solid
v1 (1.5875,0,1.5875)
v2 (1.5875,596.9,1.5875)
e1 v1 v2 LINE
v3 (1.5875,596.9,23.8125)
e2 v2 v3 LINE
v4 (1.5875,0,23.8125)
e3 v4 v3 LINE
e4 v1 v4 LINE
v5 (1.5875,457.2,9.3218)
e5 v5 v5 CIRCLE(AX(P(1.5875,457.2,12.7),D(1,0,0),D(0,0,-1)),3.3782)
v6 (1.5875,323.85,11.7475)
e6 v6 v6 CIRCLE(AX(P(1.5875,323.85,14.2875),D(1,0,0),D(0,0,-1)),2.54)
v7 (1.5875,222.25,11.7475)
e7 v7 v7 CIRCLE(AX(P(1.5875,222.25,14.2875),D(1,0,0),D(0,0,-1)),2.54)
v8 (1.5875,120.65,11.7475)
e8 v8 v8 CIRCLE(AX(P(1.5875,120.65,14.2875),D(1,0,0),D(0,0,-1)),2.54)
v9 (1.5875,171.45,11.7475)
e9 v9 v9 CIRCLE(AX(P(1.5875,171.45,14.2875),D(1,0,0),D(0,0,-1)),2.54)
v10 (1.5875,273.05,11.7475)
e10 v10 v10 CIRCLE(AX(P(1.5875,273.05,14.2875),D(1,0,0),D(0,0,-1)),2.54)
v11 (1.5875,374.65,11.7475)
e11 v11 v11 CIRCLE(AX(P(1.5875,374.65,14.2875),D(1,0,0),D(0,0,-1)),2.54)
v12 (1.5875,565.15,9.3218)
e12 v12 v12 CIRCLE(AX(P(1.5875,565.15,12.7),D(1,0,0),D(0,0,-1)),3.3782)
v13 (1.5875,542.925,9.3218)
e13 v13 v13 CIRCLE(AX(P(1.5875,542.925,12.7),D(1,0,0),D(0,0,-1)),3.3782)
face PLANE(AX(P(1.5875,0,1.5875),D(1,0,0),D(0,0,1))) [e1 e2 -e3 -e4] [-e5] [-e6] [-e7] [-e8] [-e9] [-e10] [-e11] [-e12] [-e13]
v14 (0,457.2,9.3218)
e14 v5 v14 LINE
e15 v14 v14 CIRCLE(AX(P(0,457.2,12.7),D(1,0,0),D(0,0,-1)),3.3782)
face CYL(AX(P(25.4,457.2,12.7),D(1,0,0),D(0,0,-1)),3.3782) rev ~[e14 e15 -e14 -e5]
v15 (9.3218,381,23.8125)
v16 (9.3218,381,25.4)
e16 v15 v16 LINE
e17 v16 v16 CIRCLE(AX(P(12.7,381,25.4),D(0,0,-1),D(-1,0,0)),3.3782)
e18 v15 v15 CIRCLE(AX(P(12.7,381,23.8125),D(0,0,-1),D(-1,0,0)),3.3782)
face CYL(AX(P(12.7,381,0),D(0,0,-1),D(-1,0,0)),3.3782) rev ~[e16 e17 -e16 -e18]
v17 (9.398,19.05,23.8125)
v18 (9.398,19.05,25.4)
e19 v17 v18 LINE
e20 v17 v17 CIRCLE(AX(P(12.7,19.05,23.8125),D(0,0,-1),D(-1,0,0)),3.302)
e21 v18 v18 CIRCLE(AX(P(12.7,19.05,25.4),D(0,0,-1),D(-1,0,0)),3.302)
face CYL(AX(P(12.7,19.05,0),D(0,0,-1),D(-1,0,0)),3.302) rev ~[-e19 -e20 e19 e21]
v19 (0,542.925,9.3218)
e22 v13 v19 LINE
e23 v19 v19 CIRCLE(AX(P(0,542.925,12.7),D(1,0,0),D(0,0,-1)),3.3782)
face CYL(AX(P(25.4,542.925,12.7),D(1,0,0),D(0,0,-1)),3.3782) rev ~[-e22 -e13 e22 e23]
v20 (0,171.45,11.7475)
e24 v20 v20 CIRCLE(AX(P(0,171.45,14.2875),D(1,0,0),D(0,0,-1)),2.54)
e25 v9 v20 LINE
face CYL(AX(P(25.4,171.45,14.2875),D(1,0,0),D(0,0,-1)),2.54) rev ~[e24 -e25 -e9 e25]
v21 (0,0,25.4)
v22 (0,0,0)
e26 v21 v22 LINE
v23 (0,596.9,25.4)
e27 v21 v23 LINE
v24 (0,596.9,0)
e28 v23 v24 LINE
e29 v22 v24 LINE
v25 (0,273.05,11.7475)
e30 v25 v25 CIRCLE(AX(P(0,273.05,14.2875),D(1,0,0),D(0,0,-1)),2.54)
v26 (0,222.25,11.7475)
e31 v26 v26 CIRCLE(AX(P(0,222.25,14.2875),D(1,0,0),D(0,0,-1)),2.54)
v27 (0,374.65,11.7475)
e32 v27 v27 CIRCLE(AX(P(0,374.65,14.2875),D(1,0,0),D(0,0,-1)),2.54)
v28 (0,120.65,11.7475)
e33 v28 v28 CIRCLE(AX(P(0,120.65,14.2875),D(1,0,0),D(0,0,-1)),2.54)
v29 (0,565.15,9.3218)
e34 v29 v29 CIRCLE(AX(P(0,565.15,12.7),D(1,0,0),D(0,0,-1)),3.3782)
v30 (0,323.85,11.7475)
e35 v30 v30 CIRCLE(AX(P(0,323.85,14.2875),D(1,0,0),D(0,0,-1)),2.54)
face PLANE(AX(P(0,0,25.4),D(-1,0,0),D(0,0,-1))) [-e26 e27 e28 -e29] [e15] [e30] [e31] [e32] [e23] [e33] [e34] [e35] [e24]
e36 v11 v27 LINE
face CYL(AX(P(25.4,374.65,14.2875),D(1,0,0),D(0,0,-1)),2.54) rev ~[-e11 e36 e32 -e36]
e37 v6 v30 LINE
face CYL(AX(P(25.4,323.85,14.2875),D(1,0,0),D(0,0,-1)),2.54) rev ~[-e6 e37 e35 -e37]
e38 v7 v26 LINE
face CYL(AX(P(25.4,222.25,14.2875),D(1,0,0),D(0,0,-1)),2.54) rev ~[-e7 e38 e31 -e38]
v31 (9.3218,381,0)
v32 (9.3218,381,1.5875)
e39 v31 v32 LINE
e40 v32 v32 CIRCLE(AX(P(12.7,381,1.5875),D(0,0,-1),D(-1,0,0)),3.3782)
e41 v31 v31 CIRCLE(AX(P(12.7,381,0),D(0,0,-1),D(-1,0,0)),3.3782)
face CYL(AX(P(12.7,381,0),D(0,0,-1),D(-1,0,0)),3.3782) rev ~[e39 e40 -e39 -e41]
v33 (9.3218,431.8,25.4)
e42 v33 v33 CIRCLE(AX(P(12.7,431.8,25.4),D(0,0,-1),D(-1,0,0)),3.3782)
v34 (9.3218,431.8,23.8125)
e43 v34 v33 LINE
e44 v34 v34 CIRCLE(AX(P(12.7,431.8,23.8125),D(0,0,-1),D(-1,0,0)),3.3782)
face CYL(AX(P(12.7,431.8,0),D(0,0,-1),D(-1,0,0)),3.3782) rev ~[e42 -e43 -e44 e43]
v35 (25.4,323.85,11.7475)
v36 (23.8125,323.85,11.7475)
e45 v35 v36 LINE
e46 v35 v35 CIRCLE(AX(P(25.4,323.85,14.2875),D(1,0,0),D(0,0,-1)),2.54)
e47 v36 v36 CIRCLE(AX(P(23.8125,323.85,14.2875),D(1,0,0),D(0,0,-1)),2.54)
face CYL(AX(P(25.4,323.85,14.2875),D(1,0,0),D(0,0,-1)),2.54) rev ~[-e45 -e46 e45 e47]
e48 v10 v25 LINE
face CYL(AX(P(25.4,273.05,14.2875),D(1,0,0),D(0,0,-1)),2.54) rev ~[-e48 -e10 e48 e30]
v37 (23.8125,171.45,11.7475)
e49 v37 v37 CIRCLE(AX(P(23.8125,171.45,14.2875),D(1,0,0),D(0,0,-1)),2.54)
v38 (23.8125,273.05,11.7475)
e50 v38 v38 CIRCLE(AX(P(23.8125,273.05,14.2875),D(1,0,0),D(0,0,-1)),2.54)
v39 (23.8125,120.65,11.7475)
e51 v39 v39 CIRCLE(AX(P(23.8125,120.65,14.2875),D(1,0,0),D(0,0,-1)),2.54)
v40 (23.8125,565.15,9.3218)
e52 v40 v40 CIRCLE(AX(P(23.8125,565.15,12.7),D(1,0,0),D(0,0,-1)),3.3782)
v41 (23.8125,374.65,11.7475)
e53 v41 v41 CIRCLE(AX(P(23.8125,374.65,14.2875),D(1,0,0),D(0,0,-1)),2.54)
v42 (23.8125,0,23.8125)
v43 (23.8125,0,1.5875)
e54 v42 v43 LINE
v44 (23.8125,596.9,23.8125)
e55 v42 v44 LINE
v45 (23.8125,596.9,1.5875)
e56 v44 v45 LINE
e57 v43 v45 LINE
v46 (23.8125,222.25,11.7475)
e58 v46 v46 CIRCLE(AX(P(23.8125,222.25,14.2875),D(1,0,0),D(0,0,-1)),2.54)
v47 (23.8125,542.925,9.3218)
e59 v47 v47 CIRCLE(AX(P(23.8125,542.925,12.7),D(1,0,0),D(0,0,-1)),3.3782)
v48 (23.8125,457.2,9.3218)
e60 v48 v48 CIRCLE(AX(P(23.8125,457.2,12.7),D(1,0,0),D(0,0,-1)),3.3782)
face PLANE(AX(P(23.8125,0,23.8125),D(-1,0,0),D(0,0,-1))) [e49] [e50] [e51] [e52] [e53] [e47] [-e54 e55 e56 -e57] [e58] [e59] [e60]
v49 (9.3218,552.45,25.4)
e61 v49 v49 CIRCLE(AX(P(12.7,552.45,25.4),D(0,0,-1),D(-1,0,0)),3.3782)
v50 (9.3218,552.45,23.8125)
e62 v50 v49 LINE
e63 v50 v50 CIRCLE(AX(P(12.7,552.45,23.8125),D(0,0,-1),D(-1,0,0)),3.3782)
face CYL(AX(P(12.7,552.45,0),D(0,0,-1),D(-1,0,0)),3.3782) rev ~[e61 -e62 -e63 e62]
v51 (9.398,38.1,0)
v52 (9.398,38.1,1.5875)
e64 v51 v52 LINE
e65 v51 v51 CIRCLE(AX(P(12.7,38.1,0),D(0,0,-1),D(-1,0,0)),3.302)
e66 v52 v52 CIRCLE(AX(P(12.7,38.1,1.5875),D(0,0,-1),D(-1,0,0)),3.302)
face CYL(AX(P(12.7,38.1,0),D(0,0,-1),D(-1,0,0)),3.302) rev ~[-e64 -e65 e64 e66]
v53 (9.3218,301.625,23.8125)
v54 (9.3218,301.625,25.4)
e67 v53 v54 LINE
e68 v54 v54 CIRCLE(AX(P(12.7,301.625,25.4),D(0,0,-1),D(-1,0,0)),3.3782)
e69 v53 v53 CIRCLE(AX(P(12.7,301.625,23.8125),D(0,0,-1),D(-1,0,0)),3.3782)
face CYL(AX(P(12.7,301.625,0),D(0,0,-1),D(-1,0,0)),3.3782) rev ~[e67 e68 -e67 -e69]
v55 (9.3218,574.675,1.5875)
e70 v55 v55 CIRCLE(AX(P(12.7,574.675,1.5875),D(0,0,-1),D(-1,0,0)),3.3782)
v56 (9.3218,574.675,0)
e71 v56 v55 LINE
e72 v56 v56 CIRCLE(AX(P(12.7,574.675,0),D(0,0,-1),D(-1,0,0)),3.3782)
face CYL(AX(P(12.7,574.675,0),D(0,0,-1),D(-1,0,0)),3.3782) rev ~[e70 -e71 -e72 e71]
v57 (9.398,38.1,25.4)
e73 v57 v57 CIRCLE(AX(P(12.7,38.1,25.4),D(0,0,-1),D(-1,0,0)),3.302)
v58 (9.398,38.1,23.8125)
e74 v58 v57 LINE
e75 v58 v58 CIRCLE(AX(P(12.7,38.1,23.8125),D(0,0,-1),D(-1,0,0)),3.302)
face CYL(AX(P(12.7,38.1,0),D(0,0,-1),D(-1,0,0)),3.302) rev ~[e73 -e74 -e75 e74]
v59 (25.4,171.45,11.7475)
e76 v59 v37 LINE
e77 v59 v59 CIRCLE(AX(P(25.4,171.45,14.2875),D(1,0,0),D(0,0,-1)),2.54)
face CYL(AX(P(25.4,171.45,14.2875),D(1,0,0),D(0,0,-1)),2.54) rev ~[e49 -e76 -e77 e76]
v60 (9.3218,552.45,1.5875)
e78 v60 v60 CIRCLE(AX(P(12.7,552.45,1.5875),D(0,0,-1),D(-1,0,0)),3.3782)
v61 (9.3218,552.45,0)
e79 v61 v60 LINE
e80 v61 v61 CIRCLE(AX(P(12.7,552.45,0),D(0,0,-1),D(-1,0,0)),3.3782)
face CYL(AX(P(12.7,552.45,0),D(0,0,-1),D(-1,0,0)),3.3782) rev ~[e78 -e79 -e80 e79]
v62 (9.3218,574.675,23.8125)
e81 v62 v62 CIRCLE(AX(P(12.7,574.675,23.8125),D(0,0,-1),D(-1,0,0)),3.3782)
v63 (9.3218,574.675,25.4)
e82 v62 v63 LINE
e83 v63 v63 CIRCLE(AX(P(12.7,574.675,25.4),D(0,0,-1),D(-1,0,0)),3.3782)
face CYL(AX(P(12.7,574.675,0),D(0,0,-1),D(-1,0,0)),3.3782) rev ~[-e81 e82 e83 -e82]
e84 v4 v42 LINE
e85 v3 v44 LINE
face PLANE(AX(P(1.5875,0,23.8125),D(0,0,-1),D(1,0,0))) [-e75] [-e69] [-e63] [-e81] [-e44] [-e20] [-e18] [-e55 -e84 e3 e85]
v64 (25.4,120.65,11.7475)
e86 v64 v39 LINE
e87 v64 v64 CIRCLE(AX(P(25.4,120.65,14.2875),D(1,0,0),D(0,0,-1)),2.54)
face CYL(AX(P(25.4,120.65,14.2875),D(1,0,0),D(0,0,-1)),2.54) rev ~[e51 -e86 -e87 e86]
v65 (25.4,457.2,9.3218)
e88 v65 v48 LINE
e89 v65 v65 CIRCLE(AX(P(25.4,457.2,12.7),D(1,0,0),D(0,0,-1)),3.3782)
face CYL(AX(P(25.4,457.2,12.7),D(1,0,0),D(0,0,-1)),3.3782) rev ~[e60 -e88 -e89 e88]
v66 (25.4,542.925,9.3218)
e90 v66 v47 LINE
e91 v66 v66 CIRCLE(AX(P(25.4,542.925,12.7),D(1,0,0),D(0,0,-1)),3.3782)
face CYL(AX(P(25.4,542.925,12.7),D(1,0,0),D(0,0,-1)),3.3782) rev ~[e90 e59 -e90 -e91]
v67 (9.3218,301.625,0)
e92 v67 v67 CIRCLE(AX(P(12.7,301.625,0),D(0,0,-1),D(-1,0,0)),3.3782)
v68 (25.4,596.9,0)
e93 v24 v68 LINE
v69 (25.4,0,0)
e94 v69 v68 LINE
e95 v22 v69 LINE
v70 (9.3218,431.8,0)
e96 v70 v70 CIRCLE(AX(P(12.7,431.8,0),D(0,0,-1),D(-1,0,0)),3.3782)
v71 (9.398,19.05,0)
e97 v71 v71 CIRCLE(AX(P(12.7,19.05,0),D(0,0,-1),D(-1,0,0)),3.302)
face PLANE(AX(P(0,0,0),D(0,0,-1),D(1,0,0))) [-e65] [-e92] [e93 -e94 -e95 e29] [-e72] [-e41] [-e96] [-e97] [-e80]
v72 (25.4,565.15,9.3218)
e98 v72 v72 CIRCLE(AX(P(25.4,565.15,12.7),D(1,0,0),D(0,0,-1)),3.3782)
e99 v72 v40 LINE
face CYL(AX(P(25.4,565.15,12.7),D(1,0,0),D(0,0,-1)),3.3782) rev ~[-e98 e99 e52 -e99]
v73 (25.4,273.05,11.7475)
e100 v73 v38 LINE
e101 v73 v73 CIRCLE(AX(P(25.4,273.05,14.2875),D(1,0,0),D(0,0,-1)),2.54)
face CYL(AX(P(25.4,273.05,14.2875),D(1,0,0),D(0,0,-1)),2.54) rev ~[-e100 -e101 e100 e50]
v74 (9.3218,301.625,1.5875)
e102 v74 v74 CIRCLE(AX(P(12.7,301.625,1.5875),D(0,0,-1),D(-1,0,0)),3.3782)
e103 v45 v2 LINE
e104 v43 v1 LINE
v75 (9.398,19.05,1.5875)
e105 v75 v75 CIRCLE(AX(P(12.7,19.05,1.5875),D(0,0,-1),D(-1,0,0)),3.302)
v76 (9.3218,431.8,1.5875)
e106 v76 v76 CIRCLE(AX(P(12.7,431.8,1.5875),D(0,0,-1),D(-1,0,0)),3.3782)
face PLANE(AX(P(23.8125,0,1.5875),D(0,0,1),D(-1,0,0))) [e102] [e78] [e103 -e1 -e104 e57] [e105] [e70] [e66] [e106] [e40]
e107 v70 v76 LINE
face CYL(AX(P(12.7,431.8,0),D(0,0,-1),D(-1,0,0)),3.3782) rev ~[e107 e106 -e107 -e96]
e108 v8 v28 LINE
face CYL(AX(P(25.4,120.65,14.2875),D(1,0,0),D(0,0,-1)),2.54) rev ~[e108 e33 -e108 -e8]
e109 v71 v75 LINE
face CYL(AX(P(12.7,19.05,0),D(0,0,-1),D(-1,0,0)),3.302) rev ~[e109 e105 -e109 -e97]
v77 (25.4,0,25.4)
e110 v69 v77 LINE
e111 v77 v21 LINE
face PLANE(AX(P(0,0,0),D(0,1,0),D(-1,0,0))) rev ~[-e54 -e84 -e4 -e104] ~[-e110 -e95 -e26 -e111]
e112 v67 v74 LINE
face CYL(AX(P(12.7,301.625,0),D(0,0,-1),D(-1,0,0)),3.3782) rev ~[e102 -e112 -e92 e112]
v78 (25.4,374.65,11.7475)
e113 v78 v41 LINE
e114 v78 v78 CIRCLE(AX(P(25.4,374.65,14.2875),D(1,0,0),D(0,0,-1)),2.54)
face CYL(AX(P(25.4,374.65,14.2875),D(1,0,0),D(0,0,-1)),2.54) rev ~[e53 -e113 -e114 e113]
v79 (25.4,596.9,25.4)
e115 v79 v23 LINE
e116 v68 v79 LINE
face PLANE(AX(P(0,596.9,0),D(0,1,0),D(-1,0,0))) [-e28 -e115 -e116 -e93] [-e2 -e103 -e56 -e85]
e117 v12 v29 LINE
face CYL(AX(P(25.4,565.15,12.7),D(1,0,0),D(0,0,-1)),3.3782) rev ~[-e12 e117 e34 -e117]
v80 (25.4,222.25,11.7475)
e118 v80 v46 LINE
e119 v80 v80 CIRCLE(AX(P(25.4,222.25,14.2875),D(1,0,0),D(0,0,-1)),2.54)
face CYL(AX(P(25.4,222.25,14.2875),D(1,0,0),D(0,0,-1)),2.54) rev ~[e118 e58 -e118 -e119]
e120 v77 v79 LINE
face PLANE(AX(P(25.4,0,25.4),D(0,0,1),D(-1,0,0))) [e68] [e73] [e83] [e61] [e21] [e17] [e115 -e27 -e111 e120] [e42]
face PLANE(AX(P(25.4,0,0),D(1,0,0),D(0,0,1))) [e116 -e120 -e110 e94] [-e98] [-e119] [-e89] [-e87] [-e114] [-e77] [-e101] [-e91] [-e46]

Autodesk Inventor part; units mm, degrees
ref_plane "YZ Plane" through (0, 0, 0) normal (1, 0, 0) x (0, 1, 0)
ref_plane "XZ Plane" through (0, 0, 0) normal (0, 1, 0) x (-1, 0, 0)
ref_plane "XY Plane" through (0, 0, 0) normal (0, 0, 1) x (1, 0, 0)
sketch "Sketch1" plane through (0, 0, 0) normal (0, 1, 0) x (-1, 0, 0)
  line L0 (0, 0) -> (-25.4, 0)
  line L1 (-25.4, 0) -> (-25.4, 25.4)
  line L2 (-25.4, 25.4) -> (0, 25.4)
  line L3 (0, 25.4) -> (0, 0)
  line L4 (-1.5875, 23.8125) -> (-23.8125, 23.8125)
  line L5 (-23.8125, 23.8125) -> (-23.8125, 1.5875)
  line L6 (-23.8125, 1.5875) -> (-1.5875, 1.5875)
  line L7 (-1.5875, 1.5875) -> (-1.5875, 23.8125)
  dimension "d0" = 25.4
  dimension "d2" = 25.4
  dimension "d3" = 1.5875
extrude "Extrusion1" add sketch "Sketch1" along normal blind 596.9
sketch "Sketch8" plane through (25.4, 0, 25.4) normal (1, 0, 0) x (0, 0, -1)
  circle A0 centre (12.7, 457.2) radius 3.3782
  circle A1 centre (11.1125, 374.65) radius 2.54
  circle A2 centre (11.1125, 323.85) radius 2.54
  circle A3 centre (11.1125, 273.05) radius 2.54
  circle A4 centre (11.1125, 222.25) radius 2.54
  circle A5 centre (11.1125, 171.45) radius 2.54
  circle A6 centre (11.1125, 120.65) radius 2.54
  circle A7 centre (12.7, 565.15) radius 3.3782
  circle A8 centre (12.7, 542.925) radius 3.3782
  line L0 (25.4, 0) -> (0, 0)
  line L1 (0, 596.9) -> (25.4, 596.9)
  line L2 (12.7, 596.9) -> (12.7, 0) construction
extrude "Extrusion7" cut sketch "Sketch8" against normal blind 25.4
sketch "Sketch9" plane through (25.4, 0, 0) normal (0, 0, -1) x (-1, 0, 0)
  circle A0 centre (12.7, 431.8) radius 3.3782 projected
  line L0 (25.4, 440.055) -> (0, 440.055) projected
  line L1 (0, 368.3) -> (0, 440.055) projected
  line L2 (25.4, 368.3) -> (0, 368.3) projected
  line L3 (25.4, 440.055) -> (25.4, 368.3) projected
  circle A1 centre (12.7, 431.8) radius 3.3782 projected
  circle A2 centre (12.7, 381) radius 3.3782 projected
  circle A3 centre (12.7, 19.05) radius 3.302 projected
  circle A4 centre (12.7, 38.1) radius 3.302 projected
  arc A5 (3.175, 50.8) -> (0, 47.625) centre (3.175, 47.625) ccw projected
  line L4 (3.175, 50.8) -> (22.225, 50.8) projected
  arc A6 (25.4, 47.625) -> (22.225, 50.8) centre (22.225, 47.625) ccw projected
  line L5 (25.4, 47.625) -> (25.4, 4.445) projected
  line L6 (25.4, 4.445) -> (0, 4.445) projected
  line L7 (0, 47.625) -> (0, 4.445) projected
  circle A7 centre (12.7, 552.45) radius 3.3782 projected
  circle A8 centre (12.7, 574.675) radius 3.3782 projected
  circle A9 centre (12.7, 301.625) radius 3.3782 projected
extrude "Extrusion8" cut sketch "Sketch9" against normal blind 25.4 contours A0 | A2 | A3 | A4 | A7 | A8 | A9
properties part number "Rebuild Edge Mount 2" material "Aluminum 6061"
